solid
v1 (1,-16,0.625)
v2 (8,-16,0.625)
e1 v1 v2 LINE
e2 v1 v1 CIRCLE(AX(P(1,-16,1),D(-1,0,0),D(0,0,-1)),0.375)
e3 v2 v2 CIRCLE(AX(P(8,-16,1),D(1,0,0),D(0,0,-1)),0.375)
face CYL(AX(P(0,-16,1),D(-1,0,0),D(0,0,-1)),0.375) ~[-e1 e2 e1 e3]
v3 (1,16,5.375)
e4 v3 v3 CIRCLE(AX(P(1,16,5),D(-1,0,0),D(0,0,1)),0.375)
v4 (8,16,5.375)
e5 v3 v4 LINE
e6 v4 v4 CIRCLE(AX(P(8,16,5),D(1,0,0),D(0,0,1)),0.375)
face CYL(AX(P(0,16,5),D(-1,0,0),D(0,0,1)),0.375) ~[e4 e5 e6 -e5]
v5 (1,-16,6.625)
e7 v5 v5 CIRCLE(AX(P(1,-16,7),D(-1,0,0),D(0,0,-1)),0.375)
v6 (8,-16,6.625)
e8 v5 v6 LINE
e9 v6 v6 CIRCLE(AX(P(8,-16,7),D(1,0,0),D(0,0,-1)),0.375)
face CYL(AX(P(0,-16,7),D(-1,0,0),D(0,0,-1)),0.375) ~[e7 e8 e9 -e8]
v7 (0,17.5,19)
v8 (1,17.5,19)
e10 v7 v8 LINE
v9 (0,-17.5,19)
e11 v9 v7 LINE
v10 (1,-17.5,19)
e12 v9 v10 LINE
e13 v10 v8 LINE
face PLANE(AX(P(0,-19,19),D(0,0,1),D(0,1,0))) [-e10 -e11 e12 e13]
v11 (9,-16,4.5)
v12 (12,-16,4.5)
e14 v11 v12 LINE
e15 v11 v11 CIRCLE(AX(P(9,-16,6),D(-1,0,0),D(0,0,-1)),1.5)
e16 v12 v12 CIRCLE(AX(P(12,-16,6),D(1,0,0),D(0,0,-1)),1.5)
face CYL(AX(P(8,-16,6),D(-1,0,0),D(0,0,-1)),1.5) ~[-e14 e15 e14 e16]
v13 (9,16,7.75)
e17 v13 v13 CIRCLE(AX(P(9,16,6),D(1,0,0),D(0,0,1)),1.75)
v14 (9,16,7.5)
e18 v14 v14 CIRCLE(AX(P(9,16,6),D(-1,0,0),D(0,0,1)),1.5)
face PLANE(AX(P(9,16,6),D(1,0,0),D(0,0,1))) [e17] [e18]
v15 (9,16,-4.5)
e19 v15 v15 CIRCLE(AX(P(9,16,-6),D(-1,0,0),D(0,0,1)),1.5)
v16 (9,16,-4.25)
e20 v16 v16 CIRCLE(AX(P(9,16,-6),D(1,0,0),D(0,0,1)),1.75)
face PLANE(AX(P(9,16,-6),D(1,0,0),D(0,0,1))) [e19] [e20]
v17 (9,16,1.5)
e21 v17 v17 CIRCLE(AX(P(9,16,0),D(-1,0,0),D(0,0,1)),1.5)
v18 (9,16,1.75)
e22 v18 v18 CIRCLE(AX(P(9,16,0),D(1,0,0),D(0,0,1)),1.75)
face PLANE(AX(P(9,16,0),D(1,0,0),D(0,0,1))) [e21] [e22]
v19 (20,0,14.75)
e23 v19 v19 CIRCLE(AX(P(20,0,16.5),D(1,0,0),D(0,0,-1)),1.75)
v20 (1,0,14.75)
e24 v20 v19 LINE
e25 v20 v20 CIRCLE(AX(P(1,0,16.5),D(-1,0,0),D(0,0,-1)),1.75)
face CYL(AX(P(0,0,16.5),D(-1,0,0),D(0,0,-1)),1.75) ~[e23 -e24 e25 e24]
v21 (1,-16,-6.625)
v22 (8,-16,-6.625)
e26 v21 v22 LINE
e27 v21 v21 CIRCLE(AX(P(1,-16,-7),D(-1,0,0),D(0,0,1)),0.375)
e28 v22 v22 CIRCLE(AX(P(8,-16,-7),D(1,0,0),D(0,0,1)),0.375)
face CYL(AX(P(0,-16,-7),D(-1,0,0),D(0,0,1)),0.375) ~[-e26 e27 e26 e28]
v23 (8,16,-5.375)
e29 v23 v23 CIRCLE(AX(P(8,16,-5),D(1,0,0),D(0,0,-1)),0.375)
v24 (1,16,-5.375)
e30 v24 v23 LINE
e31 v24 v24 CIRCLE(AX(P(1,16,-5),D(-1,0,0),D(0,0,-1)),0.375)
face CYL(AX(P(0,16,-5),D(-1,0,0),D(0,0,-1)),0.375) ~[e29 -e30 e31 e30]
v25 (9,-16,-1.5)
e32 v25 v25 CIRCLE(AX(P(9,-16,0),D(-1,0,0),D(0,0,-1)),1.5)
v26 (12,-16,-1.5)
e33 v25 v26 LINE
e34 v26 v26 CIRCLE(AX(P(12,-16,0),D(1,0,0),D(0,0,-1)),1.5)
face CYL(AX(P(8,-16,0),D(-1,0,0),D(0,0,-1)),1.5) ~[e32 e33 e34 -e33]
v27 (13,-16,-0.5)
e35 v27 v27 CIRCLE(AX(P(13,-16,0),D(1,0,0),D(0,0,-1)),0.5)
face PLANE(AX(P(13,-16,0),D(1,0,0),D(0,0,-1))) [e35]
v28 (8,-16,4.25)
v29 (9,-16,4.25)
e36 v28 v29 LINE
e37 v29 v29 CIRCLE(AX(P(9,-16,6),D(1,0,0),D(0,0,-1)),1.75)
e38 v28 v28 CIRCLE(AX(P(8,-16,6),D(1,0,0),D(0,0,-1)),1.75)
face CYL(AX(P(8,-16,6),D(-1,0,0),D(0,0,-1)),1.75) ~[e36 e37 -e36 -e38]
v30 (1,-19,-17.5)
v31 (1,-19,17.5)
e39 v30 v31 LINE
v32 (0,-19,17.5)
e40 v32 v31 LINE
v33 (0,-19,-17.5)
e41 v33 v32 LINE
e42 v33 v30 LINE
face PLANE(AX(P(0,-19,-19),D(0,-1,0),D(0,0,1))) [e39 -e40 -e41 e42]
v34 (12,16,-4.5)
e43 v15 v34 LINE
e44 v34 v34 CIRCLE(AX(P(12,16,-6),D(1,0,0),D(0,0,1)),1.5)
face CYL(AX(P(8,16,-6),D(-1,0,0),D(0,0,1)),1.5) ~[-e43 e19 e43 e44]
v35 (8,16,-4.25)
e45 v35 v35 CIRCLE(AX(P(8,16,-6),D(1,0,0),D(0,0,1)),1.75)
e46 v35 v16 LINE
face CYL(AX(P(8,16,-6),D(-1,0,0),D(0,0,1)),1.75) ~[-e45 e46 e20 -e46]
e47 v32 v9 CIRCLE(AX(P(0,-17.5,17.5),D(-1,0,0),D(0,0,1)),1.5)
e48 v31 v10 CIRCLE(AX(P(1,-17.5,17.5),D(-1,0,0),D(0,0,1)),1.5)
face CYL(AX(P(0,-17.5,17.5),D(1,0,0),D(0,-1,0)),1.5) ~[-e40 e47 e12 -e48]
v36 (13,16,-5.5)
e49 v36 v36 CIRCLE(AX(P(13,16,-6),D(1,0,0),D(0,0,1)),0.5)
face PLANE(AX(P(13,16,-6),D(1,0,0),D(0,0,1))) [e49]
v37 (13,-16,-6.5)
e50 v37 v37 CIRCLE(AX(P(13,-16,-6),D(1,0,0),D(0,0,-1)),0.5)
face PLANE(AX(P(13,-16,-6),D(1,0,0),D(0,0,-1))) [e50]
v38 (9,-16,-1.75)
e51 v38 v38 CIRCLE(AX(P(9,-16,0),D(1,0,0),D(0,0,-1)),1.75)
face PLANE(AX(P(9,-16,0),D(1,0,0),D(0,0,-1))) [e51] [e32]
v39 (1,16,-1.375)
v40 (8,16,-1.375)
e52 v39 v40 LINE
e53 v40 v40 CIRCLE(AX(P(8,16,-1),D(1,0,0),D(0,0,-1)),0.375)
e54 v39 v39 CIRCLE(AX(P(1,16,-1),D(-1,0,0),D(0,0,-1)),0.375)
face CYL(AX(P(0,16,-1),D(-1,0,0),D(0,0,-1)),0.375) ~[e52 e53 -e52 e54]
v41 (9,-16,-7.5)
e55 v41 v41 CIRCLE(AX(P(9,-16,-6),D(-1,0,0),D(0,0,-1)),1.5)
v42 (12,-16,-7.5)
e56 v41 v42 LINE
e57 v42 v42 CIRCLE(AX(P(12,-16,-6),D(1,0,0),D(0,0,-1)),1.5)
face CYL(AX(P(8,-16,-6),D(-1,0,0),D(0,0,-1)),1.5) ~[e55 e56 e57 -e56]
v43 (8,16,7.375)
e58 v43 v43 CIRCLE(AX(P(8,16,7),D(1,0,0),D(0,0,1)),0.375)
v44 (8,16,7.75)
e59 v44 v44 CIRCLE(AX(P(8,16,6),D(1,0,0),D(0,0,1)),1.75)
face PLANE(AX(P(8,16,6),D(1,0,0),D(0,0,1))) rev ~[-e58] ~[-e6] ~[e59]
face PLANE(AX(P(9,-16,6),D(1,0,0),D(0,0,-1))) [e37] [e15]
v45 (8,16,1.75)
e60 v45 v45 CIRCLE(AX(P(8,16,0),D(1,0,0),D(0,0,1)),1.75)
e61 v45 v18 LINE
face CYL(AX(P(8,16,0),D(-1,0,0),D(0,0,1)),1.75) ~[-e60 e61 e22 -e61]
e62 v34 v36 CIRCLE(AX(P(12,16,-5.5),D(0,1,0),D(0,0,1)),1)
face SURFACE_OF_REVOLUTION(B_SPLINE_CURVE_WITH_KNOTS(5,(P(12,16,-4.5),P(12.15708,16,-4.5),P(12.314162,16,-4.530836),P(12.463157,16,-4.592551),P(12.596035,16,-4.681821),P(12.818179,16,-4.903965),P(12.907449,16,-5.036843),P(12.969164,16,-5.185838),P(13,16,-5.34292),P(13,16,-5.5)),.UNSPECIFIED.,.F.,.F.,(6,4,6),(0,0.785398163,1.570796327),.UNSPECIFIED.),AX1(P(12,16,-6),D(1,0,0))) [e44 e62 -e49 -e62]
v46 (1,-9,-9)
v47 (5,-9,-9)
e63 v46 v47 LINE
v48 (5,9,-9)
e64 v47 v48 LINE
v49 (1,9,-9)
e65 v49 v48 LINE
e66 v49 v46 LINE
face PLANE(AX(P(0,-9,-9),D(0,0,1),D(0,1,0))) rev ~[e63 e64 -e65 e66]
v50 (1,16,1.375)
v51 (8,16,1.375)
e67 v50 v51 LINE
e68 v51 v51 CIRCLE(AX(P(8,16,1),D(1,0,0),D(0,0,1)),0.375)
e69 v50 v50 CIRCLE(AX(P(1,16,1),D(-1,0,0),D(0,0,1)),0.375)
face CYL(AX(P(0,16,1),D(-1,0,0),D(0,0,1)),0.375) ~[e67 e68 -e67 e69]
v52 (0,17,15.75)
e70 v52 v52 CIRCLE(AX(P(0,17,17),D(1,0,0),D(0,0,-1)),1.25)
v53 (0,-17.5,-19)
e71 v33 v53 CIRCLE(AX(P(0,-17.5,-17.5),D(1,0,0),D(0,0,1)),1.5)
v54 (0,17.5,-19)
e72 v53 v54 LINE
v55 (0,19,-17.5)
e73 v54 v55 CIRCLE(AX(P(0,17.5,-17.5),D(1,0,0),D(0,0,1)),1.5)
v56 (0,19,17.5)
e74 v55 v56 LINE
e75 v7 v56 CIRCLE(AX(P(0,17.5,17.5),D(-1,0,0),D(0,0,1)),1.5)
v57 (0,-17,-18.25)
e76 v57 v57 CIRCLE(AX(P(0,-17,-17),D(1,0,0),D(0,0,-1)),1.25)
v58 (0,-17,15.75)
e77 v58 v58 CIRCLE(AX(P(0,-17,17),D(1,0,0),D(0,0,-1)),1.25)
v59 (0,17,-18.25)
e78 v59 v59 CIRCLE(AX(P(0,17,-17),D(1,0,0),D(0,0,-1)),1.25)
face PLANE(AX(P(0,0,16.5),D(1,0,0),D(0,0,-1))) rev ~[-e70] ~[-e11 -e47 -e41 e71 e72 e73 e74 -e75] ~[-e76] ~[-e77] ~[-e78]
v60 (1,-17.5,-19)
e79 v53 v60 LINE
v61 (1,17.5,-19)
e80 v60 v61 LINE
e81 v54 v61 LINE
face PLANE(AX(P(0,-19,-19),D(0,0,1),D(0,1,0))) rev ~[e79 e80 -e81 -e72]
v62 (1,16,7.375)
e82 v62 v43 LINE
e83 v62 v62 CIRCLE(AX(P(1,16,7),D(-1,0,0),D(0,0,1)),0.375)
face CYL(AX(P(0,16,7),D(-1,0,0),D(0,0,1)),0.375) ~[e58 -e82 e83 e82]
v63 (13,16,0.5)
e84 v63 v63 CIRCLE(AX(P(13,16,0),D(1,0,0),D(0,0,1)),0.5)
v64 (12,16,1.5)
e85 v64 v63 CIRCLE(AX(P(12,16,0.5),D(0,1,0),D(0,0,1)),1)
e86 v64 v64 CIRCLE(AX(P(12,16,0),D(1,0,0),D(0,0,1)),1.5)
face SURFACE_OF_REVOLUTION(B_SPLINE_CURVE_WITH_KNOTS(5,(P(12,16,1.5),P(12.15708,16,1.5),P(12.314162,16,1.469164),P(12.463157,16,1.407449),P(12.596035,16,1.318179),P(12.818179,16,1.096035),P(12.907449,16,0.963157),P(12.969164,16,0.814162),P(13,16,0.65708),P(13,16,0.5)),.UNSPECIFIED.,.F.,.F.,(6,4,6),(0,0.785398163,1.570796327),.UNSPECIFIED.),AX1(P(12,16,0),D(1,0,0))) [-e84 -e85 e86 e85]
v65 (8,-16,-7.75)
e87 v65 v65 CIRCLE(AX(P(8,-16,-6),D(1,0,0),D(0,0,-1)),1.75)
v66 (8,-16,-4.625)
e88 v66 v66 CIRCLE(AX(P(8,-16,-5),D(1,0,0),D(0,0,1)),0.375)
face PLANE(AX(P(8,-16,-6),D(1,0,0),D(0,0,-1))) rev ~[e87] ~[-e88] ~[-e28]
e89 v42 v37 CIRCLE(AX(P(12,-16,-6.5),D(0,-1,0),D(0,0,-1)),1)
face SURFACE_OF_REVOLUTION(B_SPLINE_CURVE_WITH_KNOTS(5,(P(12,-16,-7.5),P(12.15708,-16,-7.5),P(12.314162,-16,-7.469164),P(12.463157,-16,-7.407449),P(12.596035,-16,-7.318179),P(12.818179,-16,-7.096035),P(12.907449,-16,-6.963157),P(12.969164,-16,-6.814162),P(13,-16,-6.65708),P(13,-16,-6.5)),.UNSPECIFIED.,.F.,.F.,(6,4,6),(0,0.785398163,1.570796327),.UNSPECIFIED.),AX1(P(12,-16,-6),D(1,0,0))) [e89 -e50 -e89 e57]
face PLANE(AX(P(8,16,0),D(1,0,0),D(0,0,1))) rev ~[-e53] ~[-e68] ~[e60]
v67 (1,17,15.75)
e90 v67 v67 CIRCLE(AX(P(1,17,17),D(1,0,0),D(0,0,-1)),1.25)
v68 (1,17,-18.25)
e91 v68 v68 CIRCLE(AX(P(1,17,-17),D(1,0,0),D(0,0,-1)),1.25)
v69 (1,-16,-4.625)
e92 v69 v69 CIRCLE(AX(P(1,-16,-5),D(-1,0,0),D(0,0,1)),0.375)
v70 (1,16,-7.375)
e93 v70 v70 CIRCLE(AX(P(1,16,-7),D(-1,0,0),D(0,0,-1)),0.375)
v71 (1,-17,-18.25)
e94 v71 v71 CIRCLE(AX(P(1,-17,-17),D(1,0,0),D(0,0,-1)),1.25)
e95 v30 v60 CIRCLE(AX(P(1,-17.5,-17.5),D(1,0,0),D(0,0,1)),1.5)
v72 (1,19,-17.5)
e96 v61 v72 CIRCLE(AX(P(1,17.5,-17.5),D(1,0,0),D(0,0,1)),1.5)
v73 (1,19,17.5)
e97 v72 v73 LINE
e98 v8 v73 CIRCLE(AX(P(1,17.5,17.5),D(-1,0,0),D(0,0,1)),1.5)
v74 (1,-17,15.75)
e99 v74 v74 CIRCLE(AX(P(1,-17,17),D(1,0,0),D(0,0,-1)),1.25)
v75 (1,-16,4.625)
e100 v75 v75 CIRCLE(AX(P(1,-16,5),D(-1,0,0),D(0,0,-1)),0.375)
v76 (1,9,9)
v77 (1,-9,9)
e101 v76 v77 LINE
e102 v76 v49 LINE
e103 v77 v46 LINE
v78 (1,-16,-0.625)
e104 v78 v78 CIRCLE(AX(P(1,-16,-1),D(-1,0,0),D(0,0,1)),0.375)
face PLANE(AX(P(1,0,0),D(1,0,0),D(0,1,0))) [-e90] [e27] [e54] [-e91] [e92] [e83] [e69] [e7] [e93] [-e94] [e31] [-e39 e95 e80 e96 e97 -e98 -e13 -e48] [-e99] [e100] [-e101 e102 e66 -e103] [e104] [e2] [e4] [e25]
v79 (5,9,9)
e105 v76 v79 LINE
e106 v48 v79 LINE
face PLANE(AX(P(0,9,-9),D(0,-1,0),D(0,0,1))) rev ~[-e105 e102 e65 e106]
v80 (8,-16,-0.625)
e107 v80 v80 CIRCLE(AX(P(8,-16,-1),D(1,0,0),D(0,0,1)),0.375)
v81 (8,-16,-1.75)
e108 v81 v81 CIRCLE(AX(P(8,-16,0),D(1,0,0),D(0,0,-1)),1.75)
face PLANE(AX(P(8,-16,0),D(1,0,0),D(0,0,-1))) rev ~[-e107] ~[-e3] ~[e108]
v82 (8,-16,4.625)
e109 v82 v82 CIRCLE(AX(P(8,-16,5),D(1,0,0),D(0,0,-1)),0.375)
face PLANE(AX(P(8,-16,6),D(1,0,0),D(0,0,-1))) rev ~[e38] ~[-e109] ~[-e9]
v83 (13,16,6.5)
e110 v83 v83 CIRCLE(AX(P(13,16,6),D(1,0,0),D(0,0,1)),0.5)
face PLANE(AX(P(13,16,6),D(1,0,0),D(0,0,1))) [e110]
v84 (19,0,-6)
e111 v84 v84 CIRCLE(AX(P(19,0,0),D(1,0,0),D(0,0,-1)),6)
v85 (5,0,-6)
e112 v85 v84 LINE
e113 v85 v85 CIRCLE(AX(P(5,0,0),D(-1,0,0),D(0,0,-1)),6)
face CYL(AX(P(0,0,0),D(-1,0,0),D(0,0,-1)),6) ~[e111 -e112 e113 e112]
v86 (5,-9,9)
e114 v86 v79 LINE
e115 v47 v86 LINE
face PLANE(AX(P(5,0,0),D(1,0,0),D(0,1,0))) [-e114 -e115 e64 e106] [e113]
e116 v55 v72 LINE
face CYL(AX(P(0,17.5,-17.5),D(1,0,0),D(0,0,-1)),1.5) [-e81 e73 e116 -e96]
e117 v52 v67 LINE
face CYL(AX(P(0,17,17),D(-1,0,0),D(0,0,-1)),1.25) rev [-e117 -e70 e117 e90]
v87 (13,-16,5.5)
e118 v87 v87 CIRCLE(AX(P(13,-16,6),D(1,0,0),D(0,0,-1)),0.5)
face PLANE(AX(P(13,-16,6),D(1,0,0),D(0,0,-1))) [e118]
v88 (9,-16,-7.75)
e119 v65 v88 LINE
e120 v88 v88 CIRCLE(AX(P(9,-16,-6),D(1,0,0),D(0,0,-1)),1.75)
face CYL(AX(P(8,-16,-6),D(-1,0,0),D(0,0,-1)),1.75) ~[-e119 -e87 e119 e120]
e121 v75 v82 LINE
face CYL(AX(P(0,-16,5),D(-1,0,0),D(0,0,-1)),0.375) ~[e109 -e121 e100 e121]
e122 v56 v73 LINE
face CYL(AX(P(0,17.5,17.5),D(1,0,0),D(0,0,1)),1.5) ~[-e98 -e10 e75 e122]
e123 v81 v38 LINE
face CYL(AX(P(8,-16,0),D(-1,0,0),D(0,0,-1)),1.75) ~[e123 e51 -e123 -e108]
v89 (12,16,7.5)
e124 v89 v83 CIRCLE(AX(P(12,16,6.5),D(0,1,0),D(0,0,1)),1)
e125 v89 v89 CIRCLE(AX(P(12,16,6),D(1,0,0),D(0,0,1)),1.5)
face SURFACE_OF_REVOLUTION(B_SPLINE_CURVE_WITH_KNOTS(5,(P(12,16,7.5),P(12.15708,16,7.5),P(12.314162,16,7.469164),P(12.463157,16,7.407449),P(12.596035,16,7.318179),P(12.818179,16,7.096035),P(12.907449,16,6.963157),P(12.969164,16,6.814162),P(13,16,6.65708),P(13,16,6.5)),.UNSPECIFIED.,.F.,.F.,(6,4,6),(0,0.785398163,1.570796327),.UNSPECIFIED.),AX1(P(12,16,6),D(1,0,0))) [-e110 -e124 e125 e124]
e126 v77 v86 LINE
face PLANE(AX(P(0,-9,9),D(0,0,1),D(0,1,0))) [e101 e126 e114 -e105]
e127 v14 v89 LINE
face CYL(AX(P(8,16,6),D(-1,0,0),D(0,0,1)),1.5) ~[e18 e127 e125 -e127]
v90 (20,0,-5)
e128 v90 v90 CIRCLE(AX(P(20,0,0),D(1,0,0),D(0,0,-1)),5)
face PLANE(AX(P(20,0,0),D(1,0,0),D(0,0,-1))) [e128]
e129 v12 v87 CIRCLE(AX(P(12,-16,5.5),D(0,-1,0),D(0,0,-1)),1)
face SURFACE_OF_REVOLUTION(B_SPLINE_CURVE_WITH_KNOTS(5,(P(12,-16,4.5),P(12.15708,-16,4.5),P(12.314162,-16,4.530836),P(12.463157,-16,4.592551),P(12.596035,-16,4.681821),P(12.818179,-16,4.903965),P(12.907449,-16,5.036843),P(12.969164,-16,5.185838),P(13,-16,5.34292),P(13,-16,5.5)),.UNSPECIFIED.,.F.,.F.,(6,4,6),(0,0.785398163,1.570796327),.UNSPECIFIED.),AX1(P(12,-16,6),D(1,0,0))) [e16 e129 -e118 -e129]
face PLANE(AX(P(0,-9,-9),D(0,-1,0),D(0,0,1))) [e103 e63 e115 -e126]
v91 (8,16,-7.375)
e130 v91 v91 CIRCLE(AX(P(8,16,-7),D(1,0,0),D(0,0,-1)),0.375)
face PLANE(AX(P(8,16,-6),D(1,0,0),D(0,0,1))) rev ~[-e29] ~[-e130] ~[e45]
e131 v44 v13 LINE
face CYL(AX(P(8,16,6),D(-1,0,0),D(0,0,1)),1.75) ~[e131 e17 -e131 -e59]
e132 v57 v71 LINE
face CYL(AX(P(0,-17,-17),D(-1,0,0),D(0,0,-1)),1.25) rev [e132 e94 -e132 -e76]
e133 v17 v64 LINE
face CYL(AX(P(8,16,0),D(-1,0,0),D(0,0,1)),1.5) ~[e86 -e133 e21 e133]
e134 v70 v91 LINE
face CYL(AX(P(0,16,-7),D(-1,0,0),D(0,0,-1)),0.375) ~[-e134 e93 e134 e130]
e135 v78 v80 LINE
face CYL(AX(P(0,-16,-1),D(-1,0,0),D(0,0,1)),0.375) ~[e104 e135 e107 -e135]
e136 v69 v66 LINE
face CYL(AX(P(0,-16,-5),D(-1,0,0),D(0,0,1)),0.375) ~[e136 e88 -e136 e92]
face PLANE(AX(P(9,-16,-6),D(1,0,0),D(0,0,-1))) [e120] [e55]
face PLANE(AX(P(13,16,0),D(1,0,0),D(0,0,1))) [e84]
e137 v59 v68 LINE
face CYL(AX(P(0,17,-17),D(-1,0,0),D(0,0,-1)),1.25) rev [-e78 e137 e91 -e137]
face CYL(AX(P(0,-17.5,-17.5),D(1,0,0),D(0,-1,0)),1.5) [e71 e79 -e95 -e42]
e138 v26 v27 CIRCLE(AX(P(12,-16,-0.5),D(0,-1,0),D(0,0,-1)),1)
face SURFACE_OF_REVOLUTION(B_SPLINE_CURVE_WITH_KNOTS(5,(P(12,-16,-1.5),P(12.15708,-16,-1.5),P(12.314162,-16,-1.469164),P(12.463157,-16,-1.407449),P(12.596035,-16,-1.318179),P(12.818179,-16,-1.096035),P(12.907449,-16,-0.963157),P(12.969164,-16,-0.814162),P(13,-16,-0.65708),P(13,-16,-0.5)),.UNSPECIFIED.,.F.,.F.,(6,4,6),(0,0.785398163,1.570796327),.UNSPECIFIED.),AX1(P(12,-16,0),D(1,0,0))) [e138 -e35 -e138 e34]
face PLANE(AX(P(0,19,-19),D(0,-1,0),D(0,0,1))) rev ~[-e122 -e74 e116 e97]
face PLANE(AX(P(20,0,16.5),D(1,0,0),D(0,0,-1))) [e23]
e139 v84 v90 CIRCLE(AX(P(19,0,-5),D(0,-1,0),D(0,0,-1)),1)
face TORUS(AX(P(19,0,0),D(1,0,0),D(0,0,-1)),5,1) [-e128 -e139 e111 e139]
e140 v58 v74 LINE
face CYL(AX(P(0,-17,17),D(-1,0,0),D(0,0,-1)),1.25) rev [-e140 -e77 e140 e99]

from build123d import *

# Parameters (mm, degrees)
SKETCH1_W           = 38
SKETCH1_H           = 38
SKETCH1_R           = 1.25
BOSS_EXTRUDE1_DEPTH = 1
FILLET1_R           = 1.5
SKETCH2_R           = 0.375
BOSS_EXTRUDE2_DEPTH = 8
SKETCH4_R           = 1.75
BOSS_EXTRUDE3_DEPTH = 1
SKETCH5_R           = 1.5
BOSS_EXTRUDE4_DEPTH = 5
FILLET2_R           = 1
SKETCH6_W           = 18
SKETCH6_H           = 18
BOSS_EXTRUDE5_DEPTH = 5
SKETCH7_R           = 6
BOSS_EXTRUDE6_DEPTH = 20
FILLET3_R           = 1
SKETCH8_R           = 1.75
BOSS_EXTRUDE7_DEPTH = 20


with BuildPart() as part:
    # Sketch1 → Boss-Extrude1 (new body)
    with BuildSketch(Plane.YZ):
        Rectangle(SKETCH1_W, SKETCH1_H)
        with Locations(Location((-17, 17, 0), (0, 0, 270))):
            Circle(SKETCH1_R, mode=Mode.SUBTRACT)
        with Locations(Location((17, 17, 0), (0, 0, 270))):
            Circle(SKETCH1_R, mode=Mode.SUBTRACT)
        with Locations(Location((-17, -17, 0), (0, 0, 270))):
            Circle(SKETCH1_R, mode=Mode.SUBTRACT)
        with Locations(Location((17, -17, 0), (0, 0, 270))):
            Circle(SKETCH1_R, mode=Mode.SUBTRACT)
    extrude(amount=BOSS_EXTRUDE1_DEPTH)

    # Fillet1
    fillet1_edges = [part.edges().sort_by_distance(p)[0] for p in [
        (0.5, -19, 19),
        (0.5, 19, 19),
        (0.5, 19, -19),
        (0.5, -19, -19),
    ]]
    fillet(fillet1_edges, radius=FILLET1_R)

    # Sketch2 → Boss-Extrude2 (add)
    with BuildSketch(Plane.YZ):
        with Locations(Location((-16, 7, 0), (0, 0, 270))):
            Circle(SKETCH2_R)
        with Locations(Location((-16, 5, 0), (0, 0, 270))):
            Circle(SKETCH2_R)
        with Locations(Location((-16, 1, 0), (0, 0, 270))):
            Circle(SKETCH2_R)
        with Locations(Location((-16, -1, 0), (0, 0, 90))):
            Circle(SKETCH2_R)
        with Locations(Location((-16, -5, 0), (0, 0, 90))):
            Circle(SKETCH2_R)
        with Locations(Location((-16, -7, 0), (0, 0, 90))):
            Circle(SKETCH2_R)
        with Locations(Location((16, -7, 0), (0, 0, 270))):
            Circle(SKETCH2_R)
        with Locations(Location((16, -5, 0), (0, 0, 270))):
            Circle(SKETCH2_R)
        with Locations(Location((16, -1, 0), (0, 0, 270))):
            Circle(SKETCH2_R)
        with Locations(Location((16, 1, 0), (0, 0, 90))):
            Circle(SKETCH2_R)
        with Locations(Location((16, 5, 0), (0, 0, 90))):
            Circle(SKETCH2_R)
        with Locations(Location((16, 7, 0), (0, 0, 90))):
            Circle(SKETCH2_R)
    extrude(amount=BOSS_EXTRUDE2_DEPTH)

    # Sketch4 → Boss-Extrude3 (add)
    with BuildSketch(Plane.YZ.offset(8)):
        with Locations(Location((-16, 6, 0), (0, 0, 270))):
            Circle(SKETCH4_R)
        with Locations(Location((-16, 0, 0), (0, 0, 270))):
            Circle(SKETCH4_R)
        with Locations(Location((-16, -6, 0), (0, 0, 270))):
            Circle(SKETCH4_R)
        with Locations(Location((16, -6, 0), (0, 0, 90))):
            Circle(SKETCH4_R)
        with Locations(Location((16, 0, 0), (0, 0, 90))):
            Circle(SKETCH4_R)
        with Locations(Location((16, 6, 0), (0, 0, 90))):
            Circle(SKETCH4_R)
    extrude(amount=BOSS_EXTRUDE3_DEPTH)

    # Sketch5 → Boss-Extrude4 (add)
    with BuildSketch(Plane.YZ.offset(8)):
        with Locations(Location((-16, 6, 0), (0, 0, 270))):
            Circle(SKETCH5_R)
        with Locations(Location((-16, 0, 0), (0, 0, 270))):
            Circle(SKETCH5_R)
        with Locations(Location((-16, -6, 0), (0, 0, 270))):
            Circle(SKETCH5_R)
        with Locations(Location((16, -6, 0), (0, 0, 90))):
            Circle(SKETCH5_R)
        with Locations(Location((16, 0, 0), (0, 0, 90))):
            Circle(SKETCH5_R)
        with Locations(Location((16, 6, 0), (0, 0, 90))):
            Circle(SKETCH5_R)
    extrude(amount=BOSS_EXTRUDE4_DEPTH)

    # Fillet2
    fillet2_edges = [part.edges().sort_by_distance(p)[0] for p in [
        (13, 16, 4.5),
        (13, 16, -1.5),
        (13, 16, -7.5),
        (13, -16, -4.5),
        (13, -16, 1.5),
        (13, -16, 7.5),
    ]]
    fillet(fillet2_edges, radius=FILLET2_R)

    # Sketch6 → Boss-Extrude5 (add)
    with BuildSketch(Plane.YZ):
        Rectangle(SKETCH6_W, SKETCH6_H)
    extrude(amount=BOSS_EXTRUDE5_DEPTH)

    # Sketch7 → Boss-Extrude6 (add)
    with BuildSketch(Plane.YZ):
        with Locations(Location((0, 0, 0), (0, 0, 270))):
            Circle(SKETCH7_R)
    extrude(amount=BOSS_EXTRUDE6_DEPTH)

    # Fillet3
    fillet3_edges = [part.edges().sort_by_distance(p)[0] for p in [
        (20, 0, 6),
    ]]
    fillet(fillet3_edges, radius=FILLET3_R)

    # Sketch8 → Boss-Extrude7 (add)
    with BuildSketch(Plane.YZ):
        with Locations(Location((0, 16.5, 0), (0, 0, 270))):
            Circle(SKETCH8_R)
    extrude(amount=BOSS_EXTRUDE7_DEPTH)


solid = part.part
